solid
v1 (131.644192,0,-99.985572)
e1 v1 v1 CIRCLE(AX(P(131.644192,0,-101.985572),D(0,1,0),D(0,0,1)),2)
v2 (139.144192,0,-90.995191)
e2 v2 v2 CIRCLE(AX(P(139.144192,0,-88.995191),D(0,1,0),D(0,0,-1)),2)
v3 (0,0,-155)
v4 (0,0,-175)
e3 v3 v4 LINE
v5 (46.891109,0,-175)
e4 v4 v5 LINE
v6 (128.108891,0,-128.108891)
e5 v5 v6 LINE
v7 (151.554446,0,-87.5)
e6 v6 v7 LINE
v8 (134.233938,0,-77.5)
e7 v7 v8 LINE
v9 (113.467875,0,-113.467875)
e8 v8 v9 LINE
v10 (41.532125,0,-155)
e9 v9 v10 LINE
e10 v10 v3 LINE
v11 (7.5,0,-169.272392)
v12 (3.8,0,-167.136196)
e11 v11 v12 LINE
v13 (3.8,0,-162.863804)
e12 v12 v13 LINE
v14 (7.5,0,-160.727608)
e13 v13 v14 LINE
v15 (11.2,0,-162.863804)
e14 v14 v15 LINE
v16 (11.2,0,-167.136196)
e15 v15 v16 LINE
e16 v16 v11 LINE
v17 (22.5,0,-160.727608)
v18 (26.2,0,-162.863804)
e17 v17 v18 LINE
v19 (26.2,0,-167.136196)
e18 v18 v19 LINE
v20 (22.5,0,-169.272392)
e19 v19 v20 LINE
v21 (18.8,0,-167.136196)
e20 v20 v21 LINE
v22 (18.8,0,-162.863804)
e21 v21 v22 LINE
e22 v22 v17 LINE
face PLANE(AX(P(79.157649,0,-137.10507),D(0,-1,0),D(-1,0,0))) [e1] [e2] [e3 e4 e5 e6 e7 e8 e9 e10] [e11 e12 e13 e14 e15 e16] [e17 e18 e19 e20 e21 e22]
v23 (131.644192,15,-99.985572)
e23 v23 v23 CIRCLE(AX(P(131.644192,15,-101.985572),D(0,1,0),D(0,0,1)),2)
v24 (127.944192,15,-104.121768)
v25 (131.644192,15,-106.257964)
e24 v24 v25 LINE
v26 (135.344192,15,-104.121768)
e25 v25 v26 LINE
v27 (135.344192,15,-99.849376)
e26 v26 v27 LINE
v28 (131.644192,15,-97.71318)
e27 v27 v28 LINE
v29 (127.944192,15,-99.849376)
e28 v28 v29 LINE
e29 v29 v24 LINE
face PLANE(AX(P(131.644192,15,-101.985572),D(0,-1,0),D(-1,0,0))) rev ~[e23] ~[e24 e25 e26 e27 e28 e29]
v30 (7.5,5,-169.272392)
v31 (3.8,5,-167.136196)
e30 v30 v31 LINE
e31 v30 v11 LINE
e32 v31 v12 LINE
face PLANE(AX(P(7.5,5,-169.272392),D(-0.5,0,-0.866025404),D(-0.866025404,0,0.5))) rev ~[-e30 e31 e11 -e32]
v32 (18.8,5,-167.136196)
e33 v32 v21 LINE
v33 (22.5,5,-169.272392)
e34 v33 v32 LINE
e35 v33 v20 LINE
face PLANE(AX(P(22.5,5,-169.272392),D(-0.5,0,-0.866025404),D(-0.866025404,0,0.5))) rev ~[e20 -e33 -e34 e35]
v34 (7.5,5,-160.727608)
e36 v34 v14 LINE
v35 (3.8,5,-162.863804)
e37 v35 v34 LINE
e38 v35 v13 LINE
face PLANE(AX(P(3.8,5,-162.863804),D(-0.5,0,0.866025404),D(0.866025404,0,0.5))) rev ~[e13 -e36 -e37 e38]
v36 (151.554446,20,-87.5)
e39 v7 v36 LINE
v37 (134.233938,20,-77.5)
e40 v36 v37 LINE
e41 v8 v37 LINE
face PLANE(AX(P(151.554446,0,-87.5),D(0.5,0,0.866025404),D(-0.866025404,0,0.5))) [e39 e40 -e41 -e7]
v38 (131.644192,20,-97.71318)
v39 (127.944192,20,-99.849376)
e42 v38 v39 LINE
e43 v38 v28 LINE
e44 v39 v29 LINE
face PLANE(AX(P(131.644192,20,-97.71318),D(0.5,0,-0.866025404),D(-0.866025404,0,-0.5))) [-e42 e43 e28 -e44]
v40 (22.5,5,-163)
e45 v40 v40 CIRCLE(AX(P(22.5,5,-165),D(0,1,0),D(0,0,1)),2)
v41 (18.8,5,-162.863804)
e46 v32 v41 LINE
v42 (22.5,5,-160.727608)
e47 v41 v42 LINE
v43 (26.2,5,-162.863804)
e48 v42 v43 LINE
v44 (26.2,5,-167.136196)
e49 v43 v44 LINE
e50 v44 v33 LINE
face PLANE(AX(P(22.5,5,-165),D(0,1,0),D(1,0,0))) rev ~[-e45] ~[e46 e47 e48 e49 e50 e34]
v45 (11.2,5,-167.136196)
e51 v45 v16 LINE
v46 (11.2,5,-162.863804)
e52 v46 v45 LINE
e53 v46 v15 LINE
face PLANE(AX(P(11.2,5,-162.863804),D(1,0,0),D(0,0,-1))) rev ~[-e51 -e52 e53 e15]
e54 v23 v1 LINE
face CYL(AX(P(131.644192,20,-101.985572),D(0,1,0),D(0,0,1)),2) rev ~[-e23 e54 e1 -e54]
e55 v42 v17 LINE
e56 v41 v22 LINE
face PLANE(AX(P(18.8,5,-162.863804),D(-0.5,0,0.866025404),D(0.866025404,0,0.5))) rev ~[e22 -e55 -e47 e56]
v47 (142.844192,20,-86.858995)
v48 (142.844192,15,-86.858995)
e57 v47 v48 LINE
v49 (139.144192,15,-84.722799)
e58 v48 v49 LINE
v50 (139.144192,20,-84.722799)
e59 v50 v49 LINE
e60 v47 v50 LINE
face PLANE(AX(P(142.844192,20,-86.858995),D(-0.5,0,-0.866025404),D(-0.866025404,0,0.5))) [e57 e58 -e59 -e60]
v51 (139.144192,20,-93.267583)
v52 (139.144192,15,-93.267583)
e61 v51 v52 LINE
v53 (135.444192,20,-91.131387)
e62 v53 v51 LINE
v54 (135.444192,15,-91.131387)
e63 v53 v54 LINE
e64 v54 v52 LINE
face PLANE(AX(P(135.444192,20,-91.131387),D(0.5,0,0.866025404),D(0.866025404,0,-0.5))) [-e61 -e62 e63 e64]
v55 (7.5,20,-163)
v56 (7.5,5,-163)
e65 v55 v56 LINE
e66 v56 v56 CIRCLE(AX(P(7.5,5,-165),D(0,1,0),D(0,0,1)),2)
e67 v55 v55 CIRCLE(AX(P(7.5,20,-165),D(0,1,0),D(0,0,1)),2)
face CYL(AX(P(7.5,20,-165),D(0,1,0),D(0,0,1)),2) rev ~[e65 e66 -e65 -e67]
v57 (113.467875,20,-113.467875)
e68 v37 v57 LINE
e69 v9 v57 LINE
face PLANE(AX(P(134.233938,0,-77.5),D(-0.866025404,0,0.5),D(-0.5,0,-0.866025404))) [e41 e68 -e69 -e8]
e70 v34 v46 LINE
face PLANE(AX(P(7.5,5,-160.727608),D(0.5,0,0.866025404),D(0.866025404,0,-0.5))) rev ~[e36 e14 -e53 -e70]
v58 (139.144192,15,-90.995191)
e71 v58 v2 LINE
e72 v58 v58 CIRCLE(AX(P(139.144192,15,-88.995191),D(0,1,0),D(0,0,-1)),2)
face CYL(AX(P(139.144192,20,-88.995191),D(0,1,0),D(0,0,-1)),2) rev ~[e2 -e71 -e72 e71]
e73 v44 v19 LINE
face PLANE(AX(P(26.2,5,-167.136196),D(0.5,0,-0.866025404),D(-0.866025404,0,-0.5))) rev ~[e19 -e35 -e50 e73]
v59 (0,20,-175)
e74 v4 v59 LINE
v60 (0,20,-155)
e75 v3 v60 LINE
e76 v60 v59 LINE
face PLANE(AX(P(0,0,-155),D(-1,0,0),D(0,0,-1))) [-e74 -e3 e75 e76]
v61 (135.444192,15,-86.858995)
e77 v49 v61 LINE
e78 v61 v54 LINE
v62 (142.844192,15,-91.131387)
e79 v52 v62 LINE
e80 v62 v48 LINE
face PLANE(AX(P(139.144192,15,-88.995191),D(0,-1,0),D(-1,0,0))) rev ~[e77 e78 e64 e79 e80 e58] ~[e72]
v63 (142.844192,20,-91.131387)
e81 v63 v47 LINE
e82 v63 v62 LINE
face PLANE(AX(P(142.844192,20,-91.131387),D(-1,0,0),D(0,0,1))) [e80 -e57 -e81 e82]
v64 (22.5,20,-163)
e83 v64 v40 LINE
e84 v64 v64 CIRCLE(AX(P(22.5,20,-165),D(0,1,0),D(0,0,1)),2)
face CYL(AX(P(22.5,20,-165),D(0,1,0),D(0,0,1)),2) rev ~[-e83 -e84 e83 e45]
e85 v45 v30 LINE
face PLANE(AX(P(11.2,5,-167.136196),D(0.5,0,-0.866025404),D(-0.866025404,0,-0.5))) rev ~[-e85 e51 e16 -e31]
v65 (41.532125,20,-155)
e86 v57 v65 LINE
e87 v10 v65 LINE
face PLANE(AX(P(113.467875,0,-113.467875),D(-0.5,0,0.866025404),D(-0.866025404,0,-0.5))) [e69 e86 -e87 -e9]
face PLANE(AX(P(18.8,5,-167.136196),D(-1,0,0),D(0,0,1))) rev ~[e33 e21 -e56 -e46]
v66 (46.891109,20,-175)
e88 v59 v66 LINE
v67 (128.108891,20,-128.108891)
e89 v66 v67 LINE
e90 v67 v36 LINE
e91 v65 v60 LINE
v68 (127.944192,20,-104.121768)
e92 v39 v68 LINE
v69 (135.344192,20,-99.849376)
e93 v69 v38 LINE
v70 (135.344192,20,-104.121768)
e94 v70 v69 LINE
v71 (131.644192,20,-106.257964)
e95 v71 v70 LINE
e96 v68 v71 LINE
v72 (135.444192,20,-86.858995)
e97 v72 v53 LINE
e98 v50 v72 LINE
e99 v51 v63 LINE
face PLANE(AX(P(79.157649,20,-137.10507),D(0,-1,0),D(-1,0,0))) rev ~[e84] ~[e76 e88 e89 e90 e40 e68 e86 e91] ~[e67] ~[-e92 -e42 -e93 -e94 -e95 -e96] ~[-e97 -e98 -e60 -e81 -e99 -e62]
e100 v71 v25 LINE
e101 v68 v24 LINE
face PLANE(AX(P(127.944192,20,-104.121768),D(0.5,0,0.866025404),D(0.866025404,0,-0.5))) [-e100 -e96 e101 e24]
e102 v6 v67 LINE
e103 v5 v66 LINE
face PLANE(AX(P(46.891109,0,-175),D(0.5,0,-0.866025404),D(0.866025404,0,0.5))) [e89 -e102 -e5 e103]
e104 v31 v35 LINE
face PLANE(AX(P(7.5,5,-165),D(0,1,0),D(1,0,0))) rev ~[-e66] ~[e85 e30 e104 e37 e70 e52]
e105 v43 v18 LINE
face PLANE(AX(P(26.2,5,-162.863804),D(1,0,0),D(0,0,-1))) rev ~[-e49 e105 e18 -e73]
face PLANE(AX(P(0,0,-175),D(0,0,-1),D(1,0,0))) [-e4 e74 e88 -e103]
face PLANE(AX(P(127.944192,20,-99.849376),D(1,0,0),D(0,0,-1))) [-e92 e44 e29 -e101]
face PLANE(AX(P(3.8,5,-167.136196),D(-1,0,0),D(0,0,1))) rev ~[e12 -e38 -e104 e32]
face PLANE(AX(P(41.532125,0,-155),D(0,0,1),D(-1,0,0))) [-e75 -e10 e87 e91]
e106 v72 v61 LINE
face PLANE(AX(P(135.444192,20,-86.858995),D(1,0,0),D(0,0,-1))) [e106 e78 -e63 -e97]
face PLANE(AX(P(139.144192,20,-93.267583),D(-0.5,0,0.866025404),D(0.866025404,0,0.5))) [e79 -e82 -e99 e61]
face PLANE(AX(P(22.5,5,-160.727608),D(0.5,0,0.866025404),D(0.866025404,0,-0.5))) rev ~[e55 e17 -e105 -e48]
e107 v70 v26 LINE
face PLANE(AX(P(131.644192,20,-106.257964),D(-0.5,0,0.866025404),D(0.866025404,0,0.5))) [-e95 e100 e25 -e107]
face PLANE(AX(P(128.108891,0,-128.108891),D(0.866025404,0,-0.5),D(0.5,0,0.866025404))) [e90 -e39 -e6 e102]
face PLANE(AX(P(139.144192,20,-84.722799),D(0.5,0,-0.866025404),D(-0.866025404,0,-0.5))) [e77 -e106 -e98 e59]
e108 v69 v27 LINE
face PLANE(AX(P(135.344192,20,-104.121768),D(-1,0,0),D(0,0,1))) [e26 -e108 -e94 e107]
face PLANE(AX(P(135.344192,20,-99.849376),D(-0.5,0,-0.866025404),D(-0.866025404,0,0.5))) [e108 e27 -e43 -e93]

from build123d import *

# Parameters (mm, degrees)
BOSS_EXTRUDE1_DEPTH = 20
SKETCH2_R           = 2
CUT_EXTRUDE1_DEPTH  = 233.365552524
CUT_EXTRUDE2_START  = -15
SKETCH2_3_R         = 2
CUT_EXTRUDE2_DEPTH  = 5
SKETCH2_4_R         = 2
CUT_EXTRUDE3_DEPTH  = 5


with BuildPart() as part:
    # Sketch1 → Boss-Extrude1 (new body)
    with BuildSketch(Plane(origin=(0, 0, 0), x_dir=(1, 0, 0), z_dir=(0, 1, 0))):
        Polygon((0, 155), (0, 175), (46.891108675, 175), (128.108891325, 128.108891325), (151.554445662, 87.5), (134.233937587, 77.5), (113.467875173, 113.467875173), (41.532124827, 155), align=None)
    extrude(amount=BOSS_EXTRUDE1_DEPTH)

    # Sketch2 → Cut-Extrude1 (cut, through all)
    with BuildSketch(Plane(origin=(0, 20, 0), x_dir=(1, 0, 0), z_dir=(0, 1, 0))):
        with Locations(Location((7.5, 165, 0), (0, 0, 270))):
            Circle(SKETCH2_R)
        with Locations(Location((22.5, 165, 0), (0, 0, 270))):
            Circle(SKETCH2_R)
        with Locations(Location((131.644191624, 101.985571585, 0), (0, 0, 270))):
            Circle(SKETCH2_R)
        with Locations(Location((139.144191624, 88.995190528, 0), (0, 0, 90))):
            Circle(SKETCH2_R)
    extrude(amount=-CUT_EXTRUDE1_DEPTH, mode=Mode.SUBTRACT)

    # Sketch2<3> → Cut-Extrude2 (cut)
    # profile 1 of 2: a face of its own
    with BuildSketch(Plane(origin=(0, 20, 0), x_dir=(1, 0, 0), z_dir=(0, 1, 0)).offset(CUT_EXTRUDE2_START)):
        Polygon((3.8, 167.136195996), (3.8, 162.863804004), (7.5, 160.727608008), (11.2, 162.863804004), (11.2, 167.136195996), (7.5, 169.272391992), align=None)
        with Locations(Location((7.5, 165, 0), (0, 0, 270))):
            Circle(SKETCH2_3_R, mode=Mode.SUBTRACT)
    # profile 2 of 2: a face of its own
    with BuildSketch(Plane(origin=(0, 20, 0), x_dir=(1, 0, 0), z_dir=(0, 1, 0)).offset(CUT_EXTRUDE2_START)):
        Polygon((26.2, 162.863804004), (26.2, 167.136195996), (22.5, 169.272391992), (18.8, 167.136195996), (18.8, 162.863804004), (22.5, 160.727608008), align=None)
        with Locations(Location((22.5, 165, 0), (0, 0, 270))):
            Circle(SKETCH2_3_R, mode=Mode.SUBTRACT)
    extrude(amount=-CUT_EXTRUDE2_DEPTH, mode=Mode.SUBTRACT)

    # Sketch2<4> → Cut-Extrude3 (cut)
    # profile 1 of 2: a face of its own
    with BuildSketch(Plane(origin=(0, 20, 0), x_dir=(1, 0, 0), z_dir=(0, 1, 0))):
        Polygon((135.344191624, 104.121767581), (135.344191624, 99.849375589), (131.644191624, 97.713179593), (127.944191624, 99.849375589), (127.944191624, 104.121767581), (131.644191624, 106.257963577), align=None)
        with Locations(Location((131.644191624, 101.985571585, 0), (0, 0, 270))):
            Circle(SKETCH2_4_R, mode=Mode.SUBTRACT)
    # profile 2 of 2: a face of its own
    with BuildSketch(Plane(origin=(0, 20, 0), x_dir=(1, 0, 0), z_dir=(0, 1, 0))):
        Polygon((135.444191624, 86.858994532), (135.444191624, 91.131386524), (139.144191624, 93.26758252), (142.844191624, 91.131386524), (142.844191624, 86.858994532), (139.144191624, 84.722798536), align=None)
        with Locations(Location((139.144191624, 88.995190528, 0), (0, 0, 270))):
            Circle(SKETCH2_4_R, mode=Mode.SUBTRACT)
    extrude(amount=-CUT_EXTRUDE3_DEPTH, mode=Mode.SUBTRACT)


solid = part.part
